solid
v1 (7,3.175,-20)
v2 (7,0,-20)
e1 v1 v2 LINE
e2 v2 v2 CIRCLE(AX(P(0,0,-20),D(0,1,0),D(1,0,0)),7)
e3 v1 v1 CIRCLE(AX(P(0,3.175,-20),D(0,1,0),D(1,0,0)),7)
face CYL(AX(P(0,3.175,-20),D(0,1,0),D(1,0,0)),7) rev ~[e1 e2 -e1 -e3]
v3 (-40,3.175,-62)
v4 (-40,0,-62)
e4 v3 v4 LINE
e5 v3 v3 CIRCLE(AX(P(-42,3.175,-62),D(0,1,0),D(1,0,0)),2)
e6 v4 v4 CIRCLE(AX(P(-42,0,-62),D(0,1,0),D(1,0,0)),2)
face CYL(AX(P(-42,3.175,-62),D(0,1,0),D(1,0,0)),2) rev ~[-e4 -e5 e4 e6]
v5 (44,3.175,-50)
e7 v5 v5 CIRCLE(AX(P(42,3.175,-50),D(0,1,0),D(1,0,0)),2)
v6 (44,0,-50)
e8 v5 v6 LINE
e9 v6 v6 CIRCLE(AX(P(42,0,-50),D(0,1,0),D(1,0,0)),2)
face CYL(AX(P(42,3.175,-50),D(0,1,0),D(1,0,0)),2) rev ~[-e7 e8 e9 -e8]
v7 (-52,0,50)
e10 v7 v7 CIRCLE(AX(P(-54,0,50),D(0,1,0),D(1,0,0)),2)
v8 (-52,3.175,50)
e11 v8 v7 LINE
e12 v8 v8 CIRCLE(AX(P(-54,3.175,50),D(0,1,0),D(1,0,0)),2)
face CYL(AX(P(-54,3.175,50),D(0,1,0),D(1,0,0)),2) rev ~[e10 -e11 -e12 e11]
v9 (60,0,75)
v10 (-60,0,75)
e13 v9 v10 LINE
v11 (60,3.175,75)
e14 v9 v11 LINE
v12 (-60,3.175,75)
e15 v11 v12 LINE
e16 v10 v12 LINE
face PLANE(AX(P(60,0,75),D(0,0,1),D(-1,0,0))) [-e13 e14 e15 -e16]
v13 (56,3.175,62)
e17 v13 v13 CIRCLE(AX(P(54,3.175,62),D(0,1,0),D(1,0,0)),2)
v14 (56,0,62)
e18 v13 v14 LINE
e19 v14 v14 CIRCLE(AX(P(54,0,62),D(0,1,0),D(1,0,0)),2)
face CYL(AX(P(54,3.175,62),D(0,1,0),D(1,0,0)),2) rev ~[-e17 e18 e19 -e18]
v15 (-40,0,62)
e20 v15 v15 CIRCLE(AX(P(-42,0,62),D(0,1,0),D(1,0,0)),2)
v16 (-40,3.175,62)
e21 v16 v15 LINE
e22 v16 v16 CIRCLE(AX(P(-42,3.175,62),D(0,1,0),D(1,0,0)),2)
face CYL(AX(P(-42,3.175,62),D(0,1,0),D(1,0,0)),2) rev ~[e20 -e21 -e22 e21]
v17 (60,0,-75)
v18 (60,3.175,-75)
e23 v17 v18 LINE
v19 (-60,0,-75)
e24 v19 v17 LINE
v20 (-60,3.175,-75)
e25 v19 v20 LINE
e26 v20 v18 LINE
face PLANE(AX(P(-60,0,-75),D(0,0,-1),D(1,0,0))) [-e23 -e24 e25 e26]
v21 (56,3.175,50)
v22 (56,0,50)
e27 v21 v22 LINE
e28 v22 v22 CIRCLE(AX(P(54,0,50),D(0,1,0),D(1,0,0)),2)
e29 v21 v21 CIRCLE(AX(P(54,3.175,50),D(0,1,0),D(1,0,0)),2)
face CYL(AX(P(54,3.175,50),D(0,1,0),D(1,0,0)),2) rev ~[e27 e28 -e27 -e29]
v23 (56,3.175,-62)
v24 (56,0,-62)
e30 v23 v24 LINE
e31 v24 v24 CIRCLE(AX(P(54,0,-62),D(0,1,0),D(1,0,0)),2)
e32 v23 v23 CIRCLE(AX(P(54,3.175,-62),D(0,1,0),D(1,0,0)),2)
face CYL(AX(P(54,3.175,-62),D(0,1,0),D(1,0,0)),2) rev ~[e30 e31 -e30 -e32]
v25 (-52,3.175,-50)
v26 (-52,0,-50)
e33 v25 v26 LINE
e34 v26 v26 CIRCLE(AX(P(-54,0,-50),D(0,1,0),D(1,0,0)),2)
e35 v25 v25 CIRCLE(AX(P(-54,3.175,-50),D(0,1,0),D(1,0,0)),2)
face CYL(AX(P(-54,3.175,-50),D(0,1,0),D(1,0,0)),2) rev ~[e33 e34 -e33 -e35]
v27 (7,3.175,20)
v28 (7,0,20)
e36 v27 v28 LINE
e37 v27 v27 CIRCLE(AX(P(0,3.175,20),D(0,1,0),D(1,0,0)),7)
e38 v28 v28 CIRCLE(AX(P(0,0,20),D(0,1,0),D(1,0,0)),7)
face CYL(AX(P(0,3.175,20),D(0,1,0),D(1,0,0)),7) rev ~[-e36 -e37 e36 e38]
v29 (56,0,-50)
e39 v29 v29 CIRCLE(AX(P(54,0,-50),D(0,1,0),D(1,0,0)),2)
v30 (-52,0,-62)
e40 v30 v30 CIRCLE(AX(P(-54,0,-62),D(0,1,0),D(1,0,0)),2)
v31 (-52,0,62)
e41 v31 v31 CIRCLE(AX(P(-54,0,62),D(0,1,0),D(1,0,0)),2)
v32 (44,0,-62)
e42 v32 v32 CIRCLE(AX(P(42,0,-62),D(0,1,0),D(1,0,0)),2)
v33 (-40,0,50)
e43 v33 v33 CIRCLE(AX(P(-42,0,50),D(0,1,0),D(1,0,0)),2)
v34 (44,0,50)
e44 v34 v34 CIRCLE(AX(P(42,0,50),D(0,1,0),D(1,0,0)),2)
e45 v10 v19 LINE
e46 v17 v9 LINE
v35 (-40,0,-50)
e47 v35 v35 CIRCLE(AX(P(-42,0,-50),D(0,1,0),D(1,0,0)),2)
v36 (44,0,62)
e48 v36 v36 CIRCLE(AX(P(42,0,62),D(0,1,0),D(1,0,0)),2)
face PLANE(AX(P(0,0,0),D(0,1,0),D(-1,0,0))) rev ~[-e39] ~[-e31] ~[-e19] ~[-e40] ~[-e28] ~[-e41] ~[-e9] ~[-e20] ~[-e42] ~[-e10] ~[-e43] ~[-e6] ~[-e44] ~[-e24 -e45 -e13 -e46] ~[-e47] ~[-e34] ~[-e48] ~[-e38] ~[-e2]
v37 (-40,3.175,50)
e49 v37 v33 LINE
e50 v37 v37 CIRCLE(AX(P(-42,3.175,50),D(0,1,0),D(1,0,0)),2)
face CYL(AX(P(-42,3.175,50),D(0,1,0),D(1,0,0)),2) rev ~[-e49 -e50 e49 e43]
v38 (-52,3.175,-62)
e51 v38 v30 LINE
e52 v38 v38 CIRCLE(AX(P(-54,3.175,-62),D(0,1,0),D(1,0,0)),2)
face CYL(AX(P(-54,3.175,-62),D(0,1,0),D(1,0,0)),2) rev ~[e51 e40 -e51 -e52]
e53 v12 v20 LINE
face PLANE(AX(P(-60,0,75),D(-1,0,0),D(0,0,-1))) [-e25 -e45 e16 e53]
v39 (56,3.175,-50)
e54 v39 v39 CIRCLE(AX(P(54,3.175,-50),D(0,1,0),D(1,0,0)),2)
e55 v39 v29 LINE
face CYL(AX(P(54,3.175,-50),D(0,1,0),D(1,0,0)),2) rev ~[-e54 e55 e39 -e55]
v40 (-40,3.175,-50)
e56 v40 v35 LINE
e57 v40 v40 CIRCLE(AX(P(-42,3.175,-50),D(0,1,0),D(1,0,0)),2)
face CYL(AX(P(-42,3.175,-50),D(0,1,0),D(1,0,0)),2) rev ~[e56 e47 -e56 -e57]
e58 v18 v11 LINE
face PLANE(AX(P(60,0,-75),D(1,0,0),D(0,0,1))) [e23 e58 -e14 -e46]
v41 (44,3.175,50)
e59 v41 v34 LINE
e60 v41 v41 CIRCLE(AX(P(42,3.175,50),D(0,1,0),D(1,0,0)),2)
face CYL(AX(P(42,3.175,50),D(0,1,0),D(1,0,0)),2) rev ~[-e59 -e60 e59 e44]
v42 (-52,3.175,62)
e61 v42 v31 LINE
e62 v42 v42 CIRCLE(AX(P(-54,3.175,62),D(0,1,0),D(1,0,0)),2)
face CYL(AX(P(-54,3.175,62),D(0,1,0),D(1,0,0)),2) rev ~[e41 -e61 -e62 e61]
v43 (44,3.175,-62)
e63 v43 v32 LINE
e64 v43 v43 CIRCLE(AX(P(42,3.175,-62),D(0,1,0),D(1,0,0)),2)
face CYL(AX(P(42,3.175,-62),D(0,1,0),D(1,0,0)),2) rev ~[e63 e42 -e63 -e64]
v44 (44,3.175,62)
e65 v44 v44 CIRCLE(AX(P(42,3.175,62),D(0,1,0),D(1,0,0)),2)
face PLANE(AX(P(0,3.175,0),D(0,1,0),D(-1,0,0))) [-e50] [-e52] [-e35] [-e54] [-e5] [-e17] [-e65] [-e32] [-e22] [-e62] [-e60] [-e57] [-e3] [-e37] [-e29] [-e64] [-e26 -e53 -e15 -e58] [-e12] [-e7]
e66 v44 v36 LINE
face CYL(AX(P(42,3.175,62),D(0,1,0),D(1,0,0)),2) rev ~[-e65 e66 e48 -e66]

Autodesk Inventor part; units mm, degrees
ref_plane "YZ Plane" through (0, 0, 0) normal (1, 0, 0) x (0, 1, 0)
ref_plane "XZ Plane" through (0, 0, 0) normal (0, 1, 0) x (-1, 0, 0)
ref_plane "XY Plane" through (0, 0, 0) normal (0, 0, 1) x (1, 0, 0)
sketch "Sketch1" plane through (0, 0, 0) normal (0, 1, 0) x (-1, 0, 0)
  line L0 (-60, 75) -> (60, 75)
  line L1 (60, 75) -> (60, -75)
  line L2 (60, -75) -> (-60, -75)
  line L3 (-60, -75) -> (-60, 75)
  line L4 (-60, 75) -> (60, -75) construction
  line L5 (60, 75) -> (-60, -75) construction
  point P0 (0, 0)
  dimension "d0" = 120
  dimension "d1" = 150
extrude "Extrusion1" add sketch "Sketch1" along normal blind 3.175
sketch "Sketch2" plane through (0, 3.175, 0) normal (0, 1, 0) x (1, 0, 0)
  circle A0 centre (-48, -56) radius 2.5 construction
  circle A1 centre (-54, -62) radius 2
  circle A2 centre (-42, -62) radius 2
  circle A3 centre (-42, -50) radius 2
  circle A4 centre (-54, -50) radius 2
  line L0 (-60, 75) -> (-60, -75) construction
  line L1 (-60, 0) -> (60, 0) construction
  line L2 (60, -75) -> (60, 75) construction
  line L3 (-60, -75) -> (60, -75) construction
  line L4 (0, -75) -> (0, 72.2302) construction
  circle A5 centre (-54, 62) radius 2
  circle A6 centre (-42, 62) radius 2
  circle A7 centre (-42, 50) radius 2
  circle A8 centre (-54, 50) radius 2
  circle A9 centre (54, -62) radius 2
  circle A10 centre (42, -62) radius 2
  circle A11 centre (42, -50) radius 2
  circle A12 centre (54, -50) radius 2
  circle A13 centre (42, 50) radius 2
  circle A14 centre (54, 50) radius 2
  circle A15 centre (42, 62) radius 2
  circle A16 centre (54, 62) radius 2
  circle A17 centre (0, 0) radius 7 construction
  circle A18 centre (0, 20) radius 7
  circle A19 centre (0, -20) radius 7
  point P0 (0, 0)
  dimension "d4" = 5
  dimension "d5" = 56
  dimension "d6" = 48
  dimension "d7" = 4
  dimension "d8" = 6
  dimension "d9" = 6
  dimension "d12" = 360
  dimension "d14" = 14
  dimension "d17" = 14
  dimension "d20" = 20
  dimension "d21" = 14
  dimension "d22" = 20
extrude "Extrusion2" cut sketch "Sketch2" against normal through all
properties part number "TurretMotorCase_TopPlate"
